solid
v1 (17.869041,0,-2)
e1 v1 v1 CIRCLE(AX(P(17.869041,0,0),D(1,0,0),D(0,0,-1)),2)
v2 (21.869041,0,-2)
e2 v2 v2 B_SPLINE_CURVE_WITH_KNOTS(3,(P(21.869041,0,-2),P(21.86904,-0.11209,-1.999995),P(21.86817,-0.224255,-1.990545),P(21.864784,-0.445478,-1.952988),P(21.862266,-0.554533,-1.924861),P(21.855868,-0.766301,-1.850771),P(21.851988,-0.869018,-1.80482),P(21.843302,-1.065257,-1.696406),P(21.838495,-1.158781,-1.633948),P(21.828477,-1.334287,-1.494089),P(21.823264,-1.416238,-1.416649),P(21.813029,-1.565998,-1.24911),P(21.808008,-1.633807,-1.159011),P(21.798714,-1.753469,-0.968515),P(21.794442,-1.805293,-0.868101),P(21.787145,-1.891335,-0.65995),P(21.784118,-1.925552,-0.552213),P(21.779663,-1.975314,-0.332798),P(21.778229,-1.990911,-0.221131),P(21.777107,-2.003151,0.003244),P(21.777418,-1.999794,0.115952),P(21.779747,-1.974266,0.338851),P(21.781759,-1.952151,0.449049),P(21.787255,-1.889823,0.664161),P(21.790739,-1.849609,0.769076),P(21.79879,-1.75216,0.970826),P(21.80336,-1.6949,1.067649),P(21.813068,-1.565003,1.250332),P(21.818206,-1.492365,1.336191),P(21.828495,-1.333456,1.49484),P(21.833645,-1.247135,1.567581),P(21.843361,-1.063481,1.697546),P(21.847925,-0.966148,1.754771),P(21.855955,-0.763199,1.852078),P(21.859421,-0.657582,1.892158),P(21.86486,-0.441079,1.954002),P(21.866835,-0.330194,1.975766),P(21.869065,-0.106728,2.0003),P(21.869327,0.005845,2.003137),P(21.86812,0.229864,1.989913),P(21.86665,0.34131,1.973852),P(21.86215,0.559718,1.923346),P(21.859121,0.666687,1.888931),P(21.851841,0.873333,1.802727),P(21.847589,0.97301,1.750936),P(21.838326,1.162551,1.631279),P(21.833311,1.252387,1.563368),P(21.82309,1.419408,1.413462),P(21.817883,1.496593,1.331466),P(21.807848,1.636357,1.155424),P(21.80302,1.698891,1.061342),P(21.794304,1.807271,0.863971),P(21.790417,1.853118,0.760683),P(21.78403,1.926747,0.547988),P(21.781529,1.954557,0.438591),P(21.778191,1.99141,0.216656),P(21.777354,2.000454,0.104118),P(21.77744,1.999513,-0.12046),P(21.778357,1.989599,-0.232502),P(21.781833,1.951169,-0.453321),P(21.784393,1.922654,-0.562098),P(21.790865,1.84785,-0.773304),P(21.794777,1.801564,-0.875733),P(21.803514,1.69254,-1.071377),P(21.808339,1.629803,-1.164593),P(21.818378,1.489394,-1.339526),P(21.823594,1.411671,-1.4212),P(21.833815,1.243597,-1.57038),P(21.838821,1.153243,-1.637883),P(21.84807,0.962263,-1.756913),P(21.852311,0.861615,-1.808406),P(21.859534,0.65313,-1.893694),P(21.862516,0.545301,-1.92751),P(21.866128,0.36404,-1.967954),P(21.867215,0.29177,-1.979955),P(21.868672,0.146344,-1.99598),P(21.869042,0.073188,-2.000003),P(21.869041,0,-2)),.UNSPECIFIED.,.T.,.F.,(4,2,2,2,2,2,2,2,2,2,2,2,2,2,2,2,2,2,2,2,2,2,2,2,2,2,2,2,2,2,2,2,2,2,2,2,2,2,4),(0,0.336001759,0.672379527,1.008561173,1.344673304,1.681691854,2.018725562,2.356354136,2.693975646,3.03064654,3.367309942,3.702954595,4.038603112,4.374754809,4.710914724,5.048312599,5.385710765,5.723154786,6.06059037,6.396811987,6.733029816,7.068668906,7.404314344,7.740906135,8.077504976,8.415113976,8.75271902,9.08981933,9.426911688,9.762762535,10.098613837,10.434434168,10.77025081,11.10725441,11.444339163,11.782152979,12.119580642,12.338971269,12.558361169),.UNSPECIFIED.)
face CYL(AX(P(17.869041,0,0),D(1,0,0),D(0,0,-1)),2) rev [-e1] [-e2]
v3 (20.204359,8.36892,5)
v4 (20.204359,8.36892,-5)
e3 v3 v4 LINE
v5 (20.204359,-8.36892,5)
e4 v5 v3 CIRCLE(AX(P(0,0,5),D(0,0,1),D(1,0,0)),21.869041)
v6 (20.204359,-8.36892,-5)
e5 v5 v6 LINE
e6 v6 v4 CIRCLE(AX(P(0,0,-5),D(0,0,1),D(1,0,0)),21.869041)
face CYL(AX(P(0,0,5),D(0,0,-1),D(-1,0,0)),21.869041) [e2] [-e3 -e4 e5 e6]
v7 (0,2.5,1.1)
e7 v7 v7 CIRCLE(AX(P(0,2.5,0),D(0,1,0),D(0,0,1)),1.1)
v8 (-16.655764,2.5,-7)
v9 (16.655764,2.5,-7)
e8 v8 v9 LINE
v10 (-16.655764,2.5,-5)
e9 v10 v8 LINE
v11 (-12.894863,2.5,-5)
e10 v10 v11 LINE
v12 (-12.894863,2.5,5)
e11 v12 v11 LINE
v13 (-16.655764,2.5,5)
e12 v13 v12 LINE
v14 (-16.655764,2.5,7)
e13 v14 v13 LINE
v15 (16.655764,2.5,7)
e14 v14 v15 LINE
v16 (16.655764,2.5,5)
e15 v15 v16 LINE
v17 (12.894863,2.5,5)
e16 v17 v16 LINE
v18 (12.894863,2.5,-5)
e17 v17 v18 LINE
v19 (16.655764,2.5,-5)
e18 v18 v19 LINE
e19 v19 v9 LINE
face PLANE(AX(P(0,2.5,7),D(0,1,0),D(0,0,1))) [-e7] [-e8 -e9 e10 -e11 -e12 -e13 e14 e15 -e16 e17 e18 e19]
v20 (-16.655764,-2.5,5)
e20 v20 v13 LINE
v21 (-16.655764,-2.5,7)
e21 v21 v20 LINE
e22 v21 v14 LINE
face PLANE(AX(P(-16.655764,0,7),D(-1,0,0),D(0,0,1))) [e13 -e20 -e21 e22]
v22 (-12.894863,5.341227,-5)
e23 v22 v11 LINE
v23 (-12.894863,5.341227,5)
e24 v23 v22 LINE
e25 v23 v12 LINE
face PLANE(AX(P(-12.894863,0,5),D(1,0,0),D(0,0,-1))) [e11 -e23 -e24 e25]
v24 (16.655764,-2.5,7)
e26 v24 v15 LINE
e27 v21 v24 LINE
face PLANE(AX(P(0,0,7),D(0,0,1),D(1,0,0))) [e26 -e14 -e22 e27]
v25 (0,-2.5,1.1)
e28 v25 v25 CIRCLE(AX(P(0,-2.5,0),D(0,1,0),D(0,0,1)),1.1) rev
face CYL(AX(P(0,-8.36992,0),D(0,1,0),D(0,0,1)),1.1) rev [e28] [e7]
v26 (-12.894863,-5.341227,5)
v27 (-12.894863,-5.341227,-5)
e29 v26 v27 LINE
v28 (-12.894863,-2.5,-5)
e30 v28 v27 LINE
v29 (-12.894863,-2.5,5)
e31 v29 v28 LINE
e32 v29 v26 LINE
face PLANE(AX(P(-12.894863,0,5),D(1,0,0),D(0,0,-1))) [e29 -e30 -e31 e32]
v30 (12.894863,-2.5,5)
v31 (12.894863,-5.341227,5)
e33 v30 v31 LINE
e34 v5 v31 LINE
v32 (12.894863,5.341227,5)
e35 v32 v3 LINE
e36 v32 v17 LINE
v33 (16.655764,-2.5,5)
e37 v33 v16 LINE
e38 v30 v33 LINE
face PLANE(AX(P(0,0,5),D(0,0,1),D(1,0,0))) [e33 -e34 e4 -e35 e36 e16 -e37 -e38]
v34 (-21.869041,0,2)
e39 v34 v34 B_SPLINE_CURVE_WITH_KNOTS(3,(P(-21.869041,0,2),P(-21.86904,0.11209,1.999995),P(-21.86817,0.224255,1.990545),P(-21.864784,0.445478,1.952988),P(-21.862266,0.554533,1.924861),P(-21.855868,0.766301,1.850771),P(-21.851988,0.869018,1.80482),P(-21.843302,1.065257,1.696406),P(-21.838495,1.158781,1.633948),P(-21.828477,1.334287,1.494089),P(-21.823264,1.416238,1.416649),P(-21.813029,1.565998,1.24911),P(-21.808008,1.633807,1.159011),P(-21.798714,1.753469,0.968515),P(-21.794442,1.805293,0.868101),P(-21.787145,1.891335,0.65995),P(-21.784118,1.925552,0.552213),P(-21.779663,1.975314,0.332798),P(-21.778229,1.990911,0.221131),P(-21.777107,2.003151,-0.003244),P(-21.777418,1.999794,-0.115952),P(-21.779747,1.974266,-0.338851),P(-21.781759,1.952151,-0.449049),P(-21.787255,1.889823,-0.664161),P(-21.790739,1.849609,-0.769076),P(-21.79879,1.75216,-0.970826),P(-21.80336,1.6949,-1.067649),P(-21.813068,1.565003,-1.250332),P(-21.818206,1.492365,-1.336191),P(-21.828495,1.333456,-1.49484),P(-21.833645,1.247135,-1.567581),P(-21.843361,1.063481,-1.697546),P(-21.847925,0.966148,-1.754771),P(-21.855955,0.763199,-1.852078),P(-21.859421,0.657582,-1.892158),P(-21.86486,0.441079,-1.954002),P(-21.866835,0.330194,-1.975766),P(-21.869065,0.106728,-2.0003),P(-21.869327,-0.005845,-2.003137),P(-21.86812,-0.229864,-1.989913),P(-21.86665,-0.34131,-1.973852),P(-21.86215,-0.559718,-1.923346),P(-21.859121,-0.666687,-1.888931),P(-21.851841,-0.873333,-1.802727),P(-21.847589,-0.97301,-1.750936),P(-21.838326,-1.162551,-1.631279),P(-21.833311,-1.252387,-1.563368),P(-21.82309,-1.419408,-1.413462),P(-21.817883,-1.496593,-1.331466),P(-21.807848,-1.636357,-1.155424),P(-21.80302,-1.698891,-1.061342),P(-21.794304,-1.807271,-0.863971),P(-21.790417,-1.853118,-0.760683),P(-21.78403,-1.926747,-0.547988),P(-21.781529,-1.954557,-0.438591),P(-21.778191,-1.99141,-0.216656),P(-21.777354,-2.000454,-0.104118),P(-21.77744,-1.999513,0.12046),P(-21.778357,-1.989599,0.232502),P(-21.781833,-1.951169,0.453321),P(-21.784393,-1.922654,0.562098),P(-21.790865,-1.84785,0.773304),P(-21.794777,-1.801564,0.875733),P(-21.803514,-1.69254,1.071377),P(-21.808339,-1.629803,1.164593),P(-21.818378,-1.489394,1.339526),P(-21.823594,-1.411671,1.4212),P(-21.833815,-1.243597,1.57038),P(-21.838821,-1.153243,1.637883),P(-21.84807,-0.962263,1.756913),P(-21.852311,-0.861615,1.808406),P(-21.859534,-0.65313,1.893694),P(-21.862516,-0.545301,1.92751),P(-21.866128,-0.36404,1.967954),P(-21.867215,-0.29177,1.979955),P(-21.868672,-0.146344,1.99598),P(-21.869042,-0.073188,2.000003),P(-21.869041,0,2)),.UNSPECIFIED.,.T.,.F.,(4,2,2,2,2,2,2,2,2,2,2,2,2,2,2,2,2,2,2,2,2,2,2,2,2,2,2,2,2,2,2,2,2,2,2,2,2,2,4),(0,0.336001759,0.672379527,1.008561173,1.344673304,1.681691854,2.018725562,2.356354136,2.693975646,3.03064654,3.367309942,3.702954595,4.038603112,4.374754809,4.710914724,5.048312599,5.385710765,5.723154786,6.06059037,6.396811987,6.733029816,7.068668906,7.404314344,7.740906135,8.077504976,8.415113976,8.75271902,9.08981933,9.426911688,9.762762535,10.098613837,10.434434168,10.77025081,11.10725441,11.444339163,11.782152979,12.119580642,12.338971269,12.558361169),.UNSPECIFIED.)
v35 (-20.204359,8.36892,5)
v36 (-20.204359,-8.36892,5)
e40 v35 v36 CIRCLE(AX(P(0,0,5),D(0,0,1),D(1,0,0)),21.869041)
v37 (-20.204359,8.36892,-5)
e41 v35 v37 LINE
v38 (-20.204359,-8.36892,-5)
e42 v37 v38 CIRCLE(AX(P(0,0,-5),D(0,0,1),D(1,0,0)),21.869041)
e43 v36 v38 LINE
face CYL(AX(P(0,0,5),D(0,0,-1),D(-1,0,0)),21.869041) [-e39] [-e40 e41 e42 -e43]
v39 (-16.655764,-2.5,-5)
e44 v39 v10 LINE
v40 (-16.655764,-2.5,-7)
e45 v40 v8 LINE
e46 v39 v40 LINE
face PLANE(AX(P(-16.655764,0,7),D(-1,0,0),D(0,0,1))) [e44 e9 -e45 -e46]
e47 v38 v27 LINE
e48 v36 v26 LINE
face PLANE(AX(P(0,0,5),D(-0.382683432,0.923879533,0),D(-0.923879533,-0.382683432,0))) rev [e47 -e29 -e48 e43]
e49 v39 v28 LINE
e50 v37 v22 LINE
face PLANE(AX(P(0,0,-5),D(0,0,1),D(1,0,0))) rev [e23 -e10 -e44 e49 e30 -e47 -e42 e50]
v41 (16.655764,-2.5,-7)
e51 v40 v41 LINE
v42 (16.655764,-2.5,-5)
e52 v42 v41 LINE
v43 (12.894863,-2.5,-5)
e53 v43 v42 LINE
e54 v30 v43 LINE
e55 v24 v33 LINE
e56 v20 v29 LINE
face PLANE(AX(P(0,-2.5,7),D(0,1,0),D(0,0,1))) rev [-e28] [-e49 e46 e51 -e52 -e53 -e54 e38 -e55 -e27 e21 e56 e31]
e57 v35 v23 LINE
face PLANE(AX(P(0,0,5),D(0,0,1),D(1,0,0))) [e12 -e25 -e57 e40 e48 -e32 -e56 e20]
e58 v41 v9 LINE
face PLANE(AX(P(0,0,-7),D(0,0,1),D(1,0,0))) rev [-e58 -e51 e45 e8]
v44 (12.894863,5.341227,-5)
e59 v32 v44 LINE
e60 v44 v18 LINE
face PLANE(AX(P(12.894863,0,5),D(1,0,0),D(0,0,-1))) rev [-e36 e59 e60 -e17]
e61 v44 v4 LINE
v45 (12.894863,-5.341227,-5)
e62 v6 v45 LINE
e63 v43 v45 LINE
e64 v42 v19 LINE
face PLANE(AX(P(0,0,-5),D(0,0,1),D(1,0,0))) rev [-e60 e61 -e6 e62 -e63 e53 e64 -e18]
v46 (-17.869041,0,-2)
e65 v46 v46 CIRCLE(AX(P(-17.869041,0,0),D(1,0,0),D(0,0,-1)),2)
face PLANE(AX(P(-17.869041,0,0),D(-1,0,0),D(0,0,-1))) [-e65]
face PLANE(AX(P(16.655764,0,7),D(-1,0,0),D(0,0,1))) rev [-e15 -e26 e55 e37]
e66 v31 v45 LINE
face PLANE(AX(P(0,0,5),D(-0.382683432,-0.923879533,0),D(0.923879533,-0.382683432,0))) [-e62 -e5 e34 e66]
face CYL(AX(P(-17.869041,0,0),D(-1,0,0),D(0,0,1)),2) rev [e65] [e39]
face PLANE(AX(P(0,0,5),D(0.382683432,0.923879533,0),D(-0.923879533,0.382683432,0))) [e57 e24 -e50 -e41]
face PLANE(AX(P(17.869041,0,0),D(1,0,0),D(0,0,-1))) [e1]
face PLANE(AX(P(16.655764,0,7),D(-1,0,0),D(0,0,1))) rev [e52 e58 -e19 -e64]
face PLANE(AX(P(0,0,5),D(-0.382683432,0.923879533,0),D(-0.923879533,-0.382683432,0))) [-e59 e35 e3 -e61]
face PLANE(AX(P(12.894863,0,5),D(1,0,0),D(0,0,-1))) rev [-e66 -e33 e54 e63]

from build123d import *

# Parameters (mm, degrees)
BOSS_EXTRUDE1_DEPTH   = 5
BOSS_EXTRUDE1_2_DEPTH = 5
SKETCH1_3_W           = 33.311527072
SKETCH1_3_H           = 5
BOSS_EXTRUDE2_DEPTH   = 7
CUT_EXTRUDE1_REACH    = 27.404
SKETCH2_R             = 1.1
SKETCH3_R             = 2
CUT_EXTRUDE2_DEPTH    = 4


with BuildPart() as part:
    # Sketch1 → Boss-Extrude1 (new, symmetric)
    with BuildSketch(Plane.XY):
        with BuildLine():
            Line((-12.89486278, 5.341227048), (-20.204359293, 8.368919638))
            ThreePointArc((-20.204359293, 8.368919638), (-21.869040911, 0), (-20.204359293, -8.368919638))
            Line((-20.204359293, -8.368919638), (-12.89486278, -5.341227048))
            Line((-12.89486278, -5.341227048), (-12.89486278, -2.5))
            Line((-12.89486278, -2.5), (-16.655763536, -2.5))
            Line((-16.655763536, -2.5), (-16.655763536, 2.5))
            Line((-16.655763536, 2.5), (-12.89486278, 2.5))
            Line((-12.89486278, 2.5), (-12.89486278, 5.341227048))
        make_face()
    extrude(amount=BOSS_EXTRUDE1_DEPTH, both=True)



with BuildPart() as body_2:
    # Sketch1 → Boss-Extrude1 2 (new, symmetric)
    with BuildSketch(Plane.XY):
        with BuildLine():
            Line((12.89486278, 5.341227048), (12.89486278, 2.5))
            Line((12.89486278, 2.5), (16.655763536, 2.5))
            Line((16.655763536, 2.5), (16.655763536, -2.5))
            Line((16.655763536, -2.5), (12.89486278, -2.5))
            Line((12.89486278, -2.5), (12.89486278, -5.341227048))
            Line((12.89486278, -5.341227048), (20.204359293, -8.368919638))
            ThreePointArc((20.204359293, -8.368919638), (21.869040911, 0), (20.204359293, 8.368919638))
            Line((20.204359293, 8.368919638), (12.89486278, 5.341227048))
        make_face()
    extrude(amount=BOSS_EXTRUDE1_2_DEPTH, both=True)


with BuildPart() as part_1:
    add(part.part)

    add(body_2.part)  # Boss-Extrude2 merges body 2
    # Sketch1_3 → Boss-Extrude2 (add, symmetric)
    with BuildSketch(Plane.XY):
        Rectangle(SKETCH1_3_W, SKETCH1_3_H)
    extrude(amount=BOSS_EXTRUDE2_DEPTH, both=True)

    # Sketch2 → Cut-Extrude1 (cut, up to next)
    with BuildSketch(Plane(origin=(0, 2.5, 0), x_dir=(1, 0, 0), z_dir=(0, 1, 0)), mode=Mode.PRIVATE) as cut_extrude1_sk1:
        Circle(SKETCH2_R)
    cut_extrude1_tool1 = extrude(cut_extrude1_sk1.sketch, amount=-CUT_EXTRUDE1_REACH, mode=Mode.PRIVATE) & part_1.part
    add(cut_extrude1_tool1.solids().sort_by_distance((0, 2.5, 0))[0], mode=Mode.SUBTRACT)

    # Sketch3 → Cut-Extrude2 (cut)
    with BuildSketch(Plane(origin=(21.869040911, 0, 0), x_dir=(0, 0, -1), z_dir=(1, 0, 0))):
        Circle(SKETCH3_R)
    cut_extrude2 = extrude(amount=-CUT_EXTRUDE2_DEPTH, mode=Mode.SUBTRACT)

    # Mirror1: Cut-Extrude2 across plane
    add(cut_extrude2.mirror(Plane(origin=(0, 0, 0), x_dir=(0, 0, 1), z_dir=(1, 0, 0))), mode=Mode.SUBTRACT)


solid = part_1.part
